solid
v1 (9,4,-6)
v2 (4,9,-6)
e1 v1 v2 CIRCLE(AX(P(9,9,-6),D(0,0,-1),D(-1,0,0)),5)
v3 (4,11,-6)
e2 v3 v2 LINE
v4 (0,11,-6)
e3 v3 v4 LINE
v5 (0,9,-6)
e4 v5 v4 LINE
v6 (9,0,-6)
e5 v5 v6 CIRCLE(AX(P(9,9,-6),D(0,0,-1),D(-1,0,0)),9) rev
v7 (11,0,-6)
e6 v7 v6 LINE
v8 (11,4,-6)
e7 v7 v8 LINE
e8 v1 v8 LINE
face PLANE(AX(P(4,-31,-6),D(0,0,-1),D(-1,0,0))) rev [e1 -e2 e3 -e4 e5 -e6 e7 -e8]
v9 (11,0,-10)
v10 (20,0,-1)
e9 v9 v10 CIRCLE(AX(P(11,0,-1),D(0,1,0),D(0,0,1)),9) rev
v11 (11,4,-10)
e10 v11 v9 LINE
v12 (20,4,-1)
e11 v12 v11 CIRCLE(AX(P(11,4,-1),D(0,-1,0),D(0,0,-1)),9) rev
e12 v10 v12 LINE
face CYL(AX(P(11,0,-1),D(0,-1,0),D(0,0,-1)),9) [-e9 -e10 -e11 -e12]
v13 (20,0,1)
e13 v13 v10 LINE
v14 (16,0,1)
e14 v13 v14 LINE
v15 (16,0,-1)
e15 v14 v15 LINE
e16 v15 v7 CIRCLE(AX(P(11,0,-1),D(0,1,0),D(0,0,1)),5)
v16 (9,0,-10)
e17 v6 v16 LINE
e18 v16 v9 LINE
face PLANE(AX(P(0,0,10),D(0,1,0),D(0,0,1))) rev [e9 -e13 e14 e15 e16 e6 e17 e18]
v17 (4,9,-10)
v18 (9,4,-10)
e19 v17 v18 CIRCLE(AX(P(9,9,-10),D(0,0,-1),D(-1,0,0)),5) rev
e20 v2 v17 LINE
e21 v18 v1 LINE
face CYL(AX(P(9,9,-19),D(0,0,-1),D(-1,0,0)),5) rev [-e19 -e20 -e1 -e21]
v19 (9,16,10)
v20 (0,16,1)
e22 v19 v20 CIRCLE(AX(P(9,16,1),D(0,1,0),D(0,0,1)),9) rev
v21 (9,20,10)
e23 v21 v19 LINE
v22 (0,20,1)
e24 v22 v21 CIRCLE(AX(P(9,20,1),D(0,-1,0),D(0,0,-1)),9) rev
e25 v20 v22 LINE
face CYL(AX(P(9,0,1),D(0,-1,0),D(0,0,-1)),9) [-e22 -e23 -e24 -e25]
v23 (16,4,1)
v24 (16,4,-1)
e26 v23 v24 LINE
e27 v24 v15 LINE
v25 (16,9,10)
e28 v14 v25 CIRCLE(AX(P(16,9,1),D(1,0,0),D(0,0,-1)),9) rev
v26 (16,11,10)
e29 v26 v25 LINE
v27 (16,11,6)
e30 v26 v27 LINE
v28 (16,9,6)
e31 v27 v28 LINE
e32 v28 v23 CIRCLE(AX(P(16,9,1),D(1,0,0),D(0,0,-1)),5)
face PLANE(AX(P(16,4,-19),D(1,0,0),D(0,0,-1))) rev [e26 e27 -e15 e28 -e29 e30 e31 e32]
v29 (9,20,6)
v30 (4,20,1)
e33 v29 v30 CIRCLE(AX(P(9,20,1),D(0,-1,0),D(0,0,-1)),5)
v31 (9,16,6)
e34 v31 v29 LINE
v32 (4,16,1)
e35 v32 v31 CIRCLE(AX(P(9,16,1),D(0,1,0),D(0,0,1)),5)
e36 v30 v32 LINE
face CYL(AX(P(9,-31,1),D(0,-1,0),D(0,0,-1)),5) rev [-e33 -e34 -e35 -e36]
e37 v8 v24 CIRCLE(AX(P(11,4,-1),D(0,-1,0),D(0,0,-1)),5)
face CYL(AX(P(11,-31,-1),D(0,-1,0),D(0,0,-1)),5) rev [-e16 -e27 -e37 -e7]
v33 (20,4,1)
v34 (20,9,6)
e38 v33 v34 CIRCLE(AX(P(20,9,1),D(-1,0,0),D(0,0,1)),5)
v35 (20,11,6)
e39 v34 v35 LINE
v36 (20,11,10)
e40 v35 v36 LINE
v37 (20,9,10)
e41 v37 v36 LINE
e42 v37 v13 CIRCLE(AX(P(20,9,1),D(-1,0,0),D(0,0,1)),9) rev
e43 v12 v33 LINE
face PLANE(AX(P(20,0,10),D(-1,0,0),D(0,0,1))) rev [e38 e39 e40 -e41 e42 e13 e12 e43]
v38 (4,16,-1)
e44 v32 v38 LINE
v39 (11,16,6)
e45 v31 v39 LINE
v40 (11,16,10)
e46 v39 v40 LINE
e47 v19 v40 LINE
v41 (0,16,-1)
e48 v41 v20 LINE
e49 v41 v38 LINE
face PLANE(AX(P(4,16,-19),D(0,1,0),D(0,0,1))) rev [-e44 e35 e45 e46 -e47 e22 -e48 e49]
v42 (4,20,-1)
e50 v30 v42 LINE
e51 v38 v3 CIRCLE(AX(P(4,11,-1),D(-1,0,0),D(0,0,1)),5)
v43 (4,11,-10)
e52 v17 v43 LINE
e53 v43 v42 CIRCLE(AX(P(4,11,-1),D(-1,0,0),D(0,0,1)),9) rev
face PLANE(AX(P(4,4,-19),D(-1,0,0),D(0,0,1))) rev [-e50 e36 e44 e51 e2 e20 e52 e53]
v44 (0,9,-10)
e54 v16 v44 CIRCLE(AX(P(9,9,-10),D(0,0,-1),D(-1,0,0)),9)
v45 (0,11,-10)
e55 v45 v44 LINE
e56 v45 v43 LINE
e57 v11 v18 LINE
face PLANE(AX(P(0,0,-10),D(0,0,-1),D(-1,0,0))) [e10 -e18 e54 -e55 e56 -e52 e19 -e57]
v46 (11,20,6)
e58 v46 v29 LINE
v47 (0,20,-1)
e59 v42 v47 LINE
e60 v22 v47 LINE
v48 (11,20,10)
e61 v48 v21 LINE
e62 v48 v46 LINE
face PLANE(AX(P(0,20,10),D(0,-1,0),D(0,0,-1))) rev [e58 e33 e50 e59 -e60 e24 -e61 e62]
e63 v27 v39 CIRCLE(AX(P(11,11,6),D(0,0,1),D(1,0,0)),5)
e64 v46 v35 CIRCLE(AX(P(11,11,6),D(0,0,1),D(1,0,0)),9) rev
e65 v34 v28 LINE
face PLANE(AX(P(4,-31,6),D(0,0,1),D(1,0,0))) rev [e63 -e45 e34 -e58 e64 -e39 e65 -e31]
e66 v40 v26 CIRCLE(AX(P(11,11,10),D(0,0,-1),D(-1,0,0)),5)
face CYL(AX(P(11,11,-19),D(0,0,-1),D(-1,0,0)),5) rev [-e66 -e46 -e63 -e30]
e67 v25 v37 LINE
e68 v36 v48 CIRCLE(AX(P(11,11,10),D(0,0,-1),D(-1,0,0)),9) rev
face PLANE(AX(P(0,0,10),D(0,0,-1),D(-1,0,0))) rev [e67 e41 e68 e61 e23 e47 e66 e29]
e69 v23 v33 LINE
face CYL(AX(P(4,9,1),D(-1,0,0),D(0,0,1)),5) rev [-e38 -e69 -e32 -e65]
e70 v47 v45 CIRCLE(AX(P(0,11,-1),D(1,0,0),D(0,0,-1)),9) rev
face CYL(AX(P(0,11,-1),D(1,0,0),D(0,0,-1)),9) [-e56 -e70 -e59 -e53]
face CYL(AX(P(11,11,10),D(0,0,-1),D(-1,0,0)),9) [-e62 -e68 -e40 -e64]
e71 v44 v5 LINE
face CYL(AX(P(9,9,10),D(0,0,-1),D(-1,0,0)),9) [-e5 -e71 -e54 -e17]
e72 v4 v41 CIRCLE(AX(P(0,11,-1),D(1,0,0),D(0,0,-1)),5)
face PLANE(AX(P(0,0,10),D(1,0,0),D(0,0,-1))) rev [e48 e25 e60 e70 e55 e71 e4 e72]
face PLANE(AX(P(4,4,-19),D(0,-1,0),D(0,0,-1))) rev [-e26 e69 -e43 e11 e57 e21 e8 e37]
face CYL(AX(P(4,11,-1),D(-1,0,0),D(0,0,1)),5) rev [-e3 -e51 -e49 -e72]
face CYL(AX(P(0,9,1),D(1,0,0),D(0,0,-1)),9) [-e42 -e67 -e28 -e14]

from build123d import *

# Parameters (mm, degrees)
SKETCH1_W               = 20
SKETCH1_H               = 20
BOSS_EXTRUDE1_DEPTH     = 10
SKETCH2_W               = 12
SKETCH2_H               = 12
CUT_EXTRUDE1_DEPTH      = 19
SKETCH3_W               = 12
SKETCH3_H               = 12
CUT_EXTRUDE2_DEPTH      = 31
SKETCH4_W               = 12
SKETCH4_H               = 12
CUT_EXTRUDE3_DEPTH      = 39
CUT_EXTRUDE5_DEPTH      = 21
CUT_EXTRUDE5_DEPTH_BACK = 6
SKETCH5_W               = 16
SKETCH5_H               = 16
CUT_EXTRUDE8_START      = 4
SKETCH6_W               = 17.478582849
SKETCH6_H               = 18.231479144
CUT_EXTRUDE8_DEPTH      = 43
FILLET3_R               = 9
FILLET4_R               = 9
FILLET5_R               = 9
FILLET6_R               = 9
FILLET7_R               = 9
FILLET8_R               = 9
FILLET9_R               = 5
FILLET10_R              = 5
FILLET11_R              = 5
FILLET12_R              = 5
FILLET13_R              = 5
FILLET14_R              = 5


with BuildPart() as part:
    # Sketch1 → Boss-Extrude1 (new, symmetric)
    with BuildSketch(Plane.XY):
        with Locations((10, 10)):
            Rectangle(SKETCH1_W, SKETCH1_H)
    extrude(amount=BOSS_EXTRUDE1_DEPTH, both=True)

    # Sketch2 → Cut-Extrude1 (cut, symmetric)
    with BuildSketch(Plane.XY):
        with Locations((10, 10)):
            Rectangle(SKETCH2_W, SKETCH2_H)
    extrude(amount=CUT_EXTRUDE1_DEPTH, both=True, mode=Mode.SUBTRACT)

    # Sketch3 → Cut-Extrude2 (cut, symmetric)
    with BuildSketch(Plane(origin=(0, 0, 0), x_dir=(1, 0, 0), z_dir=(0, 1, 0))):
        with Locations((10, 0)):
            Rectangle(SKETCH3_W, SKETCH3_H)
    extrude(amount=CUT_EXTRUDE2_DEPTH, both=True, mode=Mode.SUBTRACT)

    # Sketch4 → Cut-Extrude3 (cut, symmetric)
    with BuildSketch(Plane(origin=(0, 0, 0), x_dir=(0, 0, -1), z_dir=(1, 0, 0))):
        with Locations((0, 10)):
            Rectangle(SKETCH4_W, SKETCH4_H)
    extrude(amount=CUT_EXTRUDE3_DEPTH, both=True, mode=Mode.SUBTRACT)

    # Sketch5 → Cut-Extrude5 (cut, two sides: drawn at the far end of the back side and taken through both)
    with BuildSketch(Plane.XY.offset(-CUT_EXTRUDE5_DEPTH_BACK)):
        with Locations((8, 8)):
            Rectangle(SKETCH5_W, SKETCH5_H)
    extrude(amount=CUT_EXTRUDE5_DEPTH + CUT_EXTRUDE5_DEPTH_BACK, mode=Mode.SUBTRACT)

    # Sketch6 → Cut-Extrude8 (cut)
    with BuildSketch(Plane(origin=(0, 0, 0), x_dir=(1, 0, 0), z_dir=(0, 1, 0)).offset(CUT_EXTRUDE8_START)):
        with Locations((12.739291425, 3.115739572)):
            Rectangle(SKETCH6_W, SKETCH6_H)
    extrude(amount=CUT_EXTRUDE8_DEPTH, mode=Mode.SUBTRACT)

    # Fillet3
    fillet3_edges = [part.edges().sort_by_distance(p)[0] for p in [
        (20, 20, 8),
    ]]
    fillet(fillet3_edges, radius=FILLET3_R)

    # Fillet4
    fillet4_edges = [part.edges().sort_by_distance(p)[0] for p in [
        (0, 0, -8),
    ]]
    fillet(fillet4_edges, radius=FILLET4_R)

    # Fillet5
    fillet5_edges = [part.edges().sort_by_distance(p)[0] for p in [
        (20, 2, -10),
    ]]
    fillet(fillet5_edges, radius=FILLET5_R)

    # Fillet6
    fillet6_edges = [part.edges().sort_by_distance(p)[0] for p in [
        (0, 18, 10),
    ]]
    fillet(fillet6_edges, radius=FILLET6_R)

    # Fillet7
    fillet7_edges = [part.edges().sort_by_distance(p)[0] for p in [
        (2, 20, -10),
    ]]
    fillet(fillet7_edges, radius=FILLET7_R)

    # Fillet8
    fillet8_edges = [part.edges().sort_by_distance(p)[0] for p in [
        (18, 0, 10),
    ]]
    fillet(fillet8_edges, radius=FILLET8_R)

    # Fillet9
    fillet9_edges = [part.edges().sort_by_distance(p)[0] for p in [
        (4, 18, 6),
    ]]
    fillet(fillet9_edges, radius=FILLET9_R)

    # Fillet10
    fillet10_edges = [part.edges().sort_by_distance(p)[0] for p in [
        (16, 2, -6),
    ]]
    fillet(fillet10_edges, radius=FILLET10_R)

    # Fillet11
    fillet11_edges = [part.edges().sort_by_distance(p)[0] for p in [
        (16, 16, 8),
    ]]
    fillet(fillet11_edges, radius=FILLET11_R)

    # Fillet12
    fillet12_edges = [part.edges().sort_by_distance(p)[0] for p in [
        (4, 4, -8),
    ]]
    fillet(fillet12_edges, radius=FILLET12_R)

    # Fillet13
    fillet13_edges = [part.edges().sort_by_distance(p)[0] for p in [
        (18, 4, 6),
    ]]
    fillet(fillet13_edges, radius=FILLET13_R)

    # Fillet14
    fillet14_edges = [part.edges().sort_by_distance(p)[0] for p in [
        (2, 16, -6),
    ]]
    fillet(fillet14_edges, radius=FILLET14_R)


solid = part.part
